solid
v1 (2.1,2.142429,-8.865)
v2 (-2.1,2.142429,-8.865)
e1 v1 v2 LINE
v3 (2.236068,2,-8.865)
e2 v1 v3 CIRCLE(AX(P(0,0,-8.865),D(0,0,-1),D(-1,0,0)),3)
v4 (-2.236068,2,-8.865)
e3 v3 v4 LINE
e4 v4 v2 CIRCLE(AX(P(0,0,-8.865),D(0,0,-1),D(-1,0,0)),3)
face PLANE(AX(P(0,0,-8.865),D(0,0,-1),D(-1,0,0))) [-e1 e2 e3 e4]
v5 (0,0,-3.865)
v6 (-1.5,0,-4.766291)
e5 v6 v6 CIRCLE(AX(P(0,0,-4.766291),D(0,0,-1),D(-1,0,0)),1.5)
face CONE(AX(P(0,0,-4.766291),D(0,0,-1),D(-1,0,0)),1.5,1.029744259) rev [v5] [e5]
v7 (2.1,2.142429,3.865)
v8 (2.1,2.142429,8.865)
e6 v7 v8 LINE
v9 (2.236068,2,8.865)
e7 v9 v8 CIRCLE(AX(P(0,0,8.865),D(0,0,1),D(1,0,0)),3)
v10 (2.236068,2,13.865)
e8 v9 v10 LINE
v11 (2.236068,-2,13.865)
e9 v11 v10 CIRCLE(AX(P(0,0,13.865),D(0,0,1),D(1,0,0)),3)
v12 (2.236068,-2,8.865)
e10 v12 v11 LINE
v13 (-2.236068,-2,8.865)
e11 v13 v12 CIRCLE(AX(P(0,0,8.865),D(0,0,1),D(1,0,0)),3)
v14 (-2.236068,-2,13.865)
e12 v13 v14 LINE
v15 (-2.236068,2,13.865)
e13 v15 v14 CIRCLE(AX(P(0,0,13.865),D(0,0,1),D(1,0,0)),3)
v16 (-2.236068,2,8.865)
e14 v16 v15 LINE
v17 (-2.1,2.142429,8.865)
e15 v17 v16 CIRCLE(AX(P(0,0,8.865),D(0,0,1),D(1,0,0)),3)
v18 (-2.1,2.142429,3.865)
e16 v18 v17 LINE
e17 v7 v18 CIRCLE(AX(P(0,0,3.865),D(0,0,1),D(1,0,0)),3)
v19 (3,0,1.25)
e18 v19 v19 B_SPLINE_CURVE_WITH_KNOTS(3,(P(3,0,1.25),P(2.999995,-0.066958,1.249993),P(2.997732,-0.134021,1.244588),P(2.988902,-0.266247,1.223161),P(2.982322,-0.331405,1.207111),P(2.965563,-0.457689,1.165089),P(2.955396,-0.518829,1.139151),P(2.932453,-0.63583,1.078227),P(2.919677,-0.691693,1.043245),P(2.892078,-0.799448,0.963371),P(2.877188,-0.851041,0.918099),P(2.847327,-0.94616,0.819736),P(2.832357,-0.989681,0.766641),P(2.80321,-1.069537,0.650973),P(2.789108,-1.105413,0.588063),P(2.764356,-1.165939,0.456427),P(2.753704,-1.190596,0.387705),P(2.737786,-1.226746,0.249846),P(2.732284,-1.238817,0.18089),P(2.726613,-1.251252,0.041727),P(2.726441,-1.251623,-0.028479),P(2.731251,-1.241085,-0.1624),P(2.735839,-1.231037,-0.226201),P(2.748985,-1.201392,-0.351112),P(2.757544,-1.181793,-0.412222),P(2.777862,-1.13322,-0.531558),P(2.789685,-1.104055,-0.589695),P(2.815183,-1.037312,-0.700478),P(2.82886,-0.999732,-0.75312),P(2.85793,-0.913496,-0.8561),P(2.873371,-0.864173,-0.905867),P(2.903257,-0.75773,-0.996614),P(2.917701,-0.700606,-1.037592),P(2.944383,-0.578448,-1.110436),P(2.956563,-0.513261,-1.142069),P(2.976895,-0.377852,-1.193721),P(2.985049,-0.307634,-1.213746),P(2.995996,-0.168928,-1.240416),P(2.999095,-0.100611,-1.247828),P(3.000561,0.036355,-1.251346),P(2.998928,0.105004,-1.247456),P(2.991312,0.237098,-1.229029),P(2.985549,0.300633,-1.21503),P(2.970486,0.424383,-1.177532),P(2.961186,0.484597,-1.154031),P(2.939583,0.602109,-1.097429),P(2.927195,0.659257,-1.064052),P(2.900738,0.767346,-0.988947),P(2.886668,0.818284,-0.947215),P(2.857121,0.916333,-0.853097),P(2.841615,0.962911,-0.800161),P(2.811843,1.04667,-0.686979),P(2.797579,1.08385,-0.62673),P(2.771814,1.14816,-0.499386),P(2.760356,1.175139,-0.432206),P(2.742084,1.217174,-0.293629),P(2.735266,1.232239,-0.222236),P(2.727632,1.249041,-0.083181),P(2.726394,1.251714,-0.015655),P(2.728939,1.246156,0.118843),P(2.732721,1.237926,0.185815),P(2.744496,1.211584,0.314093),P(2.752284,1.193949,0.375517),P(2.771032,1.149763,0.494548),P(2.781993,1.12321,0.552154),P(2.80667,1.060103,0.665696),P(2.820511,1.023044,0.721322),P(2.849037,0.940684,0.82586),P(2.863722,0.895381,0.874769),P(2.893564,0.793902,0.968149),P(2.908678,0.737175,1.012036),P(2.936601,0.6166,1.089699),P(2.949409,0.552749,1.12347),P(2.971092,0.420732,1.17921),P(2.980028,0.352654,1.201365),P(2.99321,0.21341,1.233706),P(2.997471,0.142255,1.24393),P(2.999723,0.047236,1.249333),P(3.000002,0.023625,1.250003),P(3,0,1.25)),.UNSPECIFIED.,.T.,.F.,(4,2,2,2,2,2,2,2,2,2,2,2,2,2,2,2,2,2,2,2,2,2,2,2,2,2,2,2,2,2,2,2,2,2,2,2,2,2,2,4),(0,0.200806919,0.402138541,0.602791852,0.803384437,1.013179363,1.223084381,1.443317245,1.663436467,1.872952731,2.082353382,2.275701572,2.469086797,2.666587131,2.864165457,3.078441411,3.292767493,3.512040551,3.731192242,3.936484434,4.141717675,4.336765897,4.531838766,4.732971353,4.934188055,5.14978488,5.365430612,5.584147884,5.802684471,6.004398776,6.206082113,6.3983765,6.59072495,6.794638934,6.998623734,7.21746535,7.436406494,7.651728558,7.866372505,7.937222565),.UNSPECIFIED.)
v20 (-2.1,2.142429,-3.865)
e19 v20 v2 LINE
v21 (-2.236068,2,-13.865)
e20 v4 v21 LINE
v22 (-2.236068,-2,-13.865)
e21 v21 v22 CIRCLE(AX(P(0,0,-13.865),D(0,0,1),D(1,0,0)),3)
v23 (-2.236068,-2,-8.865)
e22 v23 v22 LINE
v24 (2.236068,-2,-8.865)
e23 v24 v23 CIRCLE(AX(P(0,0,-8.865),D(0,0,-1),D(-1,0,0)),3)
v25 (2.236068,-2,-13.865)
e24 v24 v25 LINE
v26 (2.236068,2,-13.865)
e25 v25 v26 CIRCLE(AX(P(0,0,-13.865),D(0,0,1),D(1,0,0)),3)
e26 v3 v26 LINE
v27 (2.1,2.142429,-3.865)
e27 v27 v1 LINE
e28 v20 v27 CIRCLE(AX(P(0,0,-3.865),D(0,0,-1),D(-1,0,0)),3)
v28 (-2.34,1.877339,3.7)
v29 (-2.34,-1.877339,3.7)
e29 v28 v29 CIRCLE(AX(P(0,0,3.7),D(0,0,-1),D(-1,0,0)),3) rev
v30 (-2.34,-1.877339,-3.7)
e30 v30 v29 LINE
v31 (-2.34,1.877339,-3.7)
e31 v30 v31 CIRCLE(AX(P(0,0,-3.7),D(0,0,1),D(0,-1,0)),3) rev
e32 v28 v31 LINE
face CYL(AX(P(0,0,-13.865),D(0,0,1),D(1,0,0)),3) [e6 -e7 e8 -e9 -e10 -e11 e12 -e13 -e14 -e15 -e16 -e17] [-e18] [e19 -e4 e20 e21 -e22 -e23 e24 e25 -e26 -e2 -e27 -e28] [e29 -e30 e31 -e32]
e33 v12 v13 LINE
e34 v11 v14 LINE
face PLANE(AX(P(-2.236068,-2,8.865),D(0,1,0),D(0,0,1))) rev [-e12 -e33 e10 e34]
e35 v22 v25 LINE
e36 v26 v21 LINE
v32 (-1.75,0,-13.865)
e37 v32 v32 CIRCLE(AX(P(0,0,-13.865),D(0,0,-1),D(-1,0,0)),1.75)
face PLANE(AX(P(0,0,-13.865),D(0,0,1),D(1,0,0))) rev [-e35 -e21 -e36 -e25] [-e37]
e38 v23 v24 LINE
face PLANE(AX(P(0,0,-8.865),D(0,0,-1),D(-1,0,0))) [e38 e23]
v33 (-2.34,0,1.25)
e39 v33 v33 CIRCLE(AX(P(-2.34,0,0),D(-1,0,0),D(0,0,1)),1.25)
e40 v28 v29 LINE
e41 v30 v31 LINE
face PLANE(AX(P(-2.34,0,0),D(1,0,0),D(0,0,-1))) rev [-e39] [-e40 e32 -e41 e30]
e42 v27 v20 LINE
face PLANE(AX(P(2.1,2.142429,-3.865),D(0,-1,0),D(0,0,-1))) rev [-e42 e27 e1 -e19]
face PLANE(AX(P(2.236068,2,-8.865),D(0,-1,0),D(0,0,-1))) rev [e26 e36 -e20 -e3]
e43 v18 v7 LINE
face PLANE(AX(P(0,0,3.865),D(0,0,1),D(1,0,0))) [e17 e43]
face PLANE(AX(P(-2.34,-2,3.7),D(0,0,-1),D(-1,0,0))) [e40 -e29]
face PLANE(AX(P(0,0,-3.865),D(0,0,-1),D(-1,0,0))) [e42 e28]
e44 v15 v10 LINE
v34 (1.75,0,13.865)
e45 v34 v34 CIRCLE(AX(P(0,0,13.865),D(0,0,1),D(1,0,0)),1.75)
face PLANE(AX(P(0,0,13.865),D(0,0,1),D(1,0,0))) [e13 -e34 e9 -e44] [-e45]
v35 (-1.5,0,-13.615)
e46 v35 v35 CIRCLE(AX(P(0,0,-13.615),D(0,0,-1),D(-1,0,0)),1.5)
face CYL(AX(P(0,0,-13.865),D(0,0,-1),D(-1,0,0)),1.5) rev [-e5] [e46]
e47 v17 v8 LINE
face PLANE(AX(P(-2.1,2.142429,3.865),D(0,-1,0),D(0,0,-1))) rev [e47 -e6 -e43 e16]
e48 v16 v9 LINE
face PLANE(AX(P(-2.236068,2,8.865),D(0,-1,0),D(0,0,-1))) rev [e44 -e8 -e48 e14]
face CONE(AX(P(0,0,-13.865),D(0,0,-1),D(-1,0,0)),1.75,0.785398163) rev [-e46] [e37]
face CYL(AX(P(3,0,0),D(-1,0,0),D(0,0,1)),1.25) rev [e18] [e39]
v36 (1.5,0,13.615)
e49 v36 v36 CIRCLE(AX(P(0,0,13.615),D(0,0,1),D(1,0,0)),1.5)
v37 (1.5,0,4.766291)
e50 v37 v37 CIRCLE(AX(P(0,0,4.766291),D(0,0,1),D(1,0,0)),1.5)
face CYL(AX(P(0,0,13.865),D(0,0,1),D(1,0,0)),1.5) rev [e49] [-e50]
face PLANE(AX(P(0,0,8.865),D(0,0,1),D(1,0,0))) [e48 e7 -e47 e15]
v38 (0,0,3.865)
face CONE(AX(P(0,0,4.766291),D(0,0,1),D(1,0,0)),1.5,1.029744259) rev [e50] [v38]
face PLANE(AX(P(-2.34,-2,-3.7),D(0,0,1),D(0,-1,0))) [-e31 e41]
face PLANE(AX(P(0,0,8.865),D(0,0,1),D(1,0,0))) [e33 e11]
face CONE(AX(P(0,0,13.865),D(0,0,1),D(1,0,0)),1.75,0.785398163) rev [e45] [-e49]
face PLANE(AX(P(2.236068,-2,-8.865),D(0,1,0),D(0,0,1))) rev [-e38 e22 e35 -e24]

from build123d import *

# Parameters (mm, degrees)
BOSS_EXTRUDE1_DEPTH                                 = 13.865
BOSS_EXTRUDE1_DEPTH_BACK                            = 13.865
SKETCH1_R                                           = 3
CUT_EXTRUDE1_DEPTH                                  = 5
CUT_EXTRUDE2_DEPTH                                  = 5
CUT_EXTRUDE5_DEPTH                                  = 5
CUT_EXTRUDE6_START                                  = -5
CUT_EXTRUDE6_DEPTH                                  = 5
CSK_FOR_M3_COUNTERSUNK_FLAT_HEAD_SCREW1_D           = 3
CSK_FOR_M3_COUNTERSUNK_FLAT_HEAD_SCREW1_DEPTH       = 9.098709071
CSK_FOR_M3_COUNTERSUNK_FLAT_HEAD_SCREW1_CSINK_D     = 3.5
CSK_FOR_M3_COUNTERSUNK_FLAT_HEAD_SCREW1_CSINK_ANGLE = 90
CSK_FOR_M3_COUNTERSUNK_FLAT_HEAD_SCREW1_TIP         = 0.901290929
CSK_FOR_M3_COUNTERSUNK_FLAT_HEAD_SCREW2_D           = 3
CSK_FOR_M3_COUNTERSUNK_FLAT_HEAD_SCREW2_DEPTH       = 9.098709071
CSK_FOR_M3_COUNTERSUNK_FLAT_HEAD_SCREW2_CSINK_D     = 3.5
CSK_FOR_M3_COUNTERSUNK_FLAT_HEAD_SCREW2_CSINK_ANGLE = 90
CSK_FOR_M3_COUNTERSUNK_FLAT_HEAD_SCREW2_TIP         = 0.901290929
SKETCH14_W                                          = 7.4
SKETCH14_H                                          = 4
CUT_EXTRUDE9_DEPTH                                  = 3
SKETCH15_R                                          = 1.25
CUT_EXTRUDE10_DEPTH                                 = 16.157632566


with BuildPart() as part:
    # Sketch1 → Boss-Extrude1 (new, two sides: drawn at the far end of the back side and taken through both)
    with BuildSketch(Plane.XY.offset(-BOSS_EXTRUDE1_DEPTH_BACK)):
        Circle(SKETCH1_R)
    extrude(amount=BOSS_EXTRUDE1_DEPTH + BOSS_EXTRUDE1_DEPTH_BACK)

    # Sketch2 → Cut-Extrude1 (cut)
    with BuildSketch(Plane.XY.offset(13.865)):
        with BuildLine():
            Line((-2.236067977, 2), (2.236067977, 2))
            ThreePointArc((2.236067977, 2), (0, 3), (-2.236067977, 2))
        make_face()
        with BuildLine():
            Line((-2.236067977, -2), (2.236067977, -2))
            ThreePointArc((2.236067977, -2), (0, -3), (-2.236067977, -2))
        make_face()
    extrude(amount=-CUT_EXTRUDE1_DEPTH, mode=Mode.SUBTRACT)

    # Sketch3 → Cut-Extrude2 (cut)
    with BuildSketch(Plane(origin=(0, 0, -13.865), x_dir=(-1, 0, 0), z_dir=(0, 0, -1))):
        with BuildLine():
            Line((-2.236067977, 2), (2.236067977, 2))
            ThreePointArc((2.236067977, 2), (0, 3), (-2.236067977, 2))
        make_face()
        with BuildLine():
            Line((-2.236067977, -2), (2.236067977, -2))
            ThreePointArc((2.236067977, -2), (0, -3), (-2.236067977, -2))
        make_face()
    extrude(amount=-CUT_EXTRUDE2_DEPTH, mode=Mode.SUBTRACT)

    # Sketch4 → Cut-Extrude5 (cut)
    with BuildSketch(Plane(origin=(0, 0, -8.865), x_dir=(-1, 0, 0), z_dir=(0, 0, -1))):
        with BuildLine():
            Line((-2.1, 2.142428529), (2.1, 2.142428529))
            ThreePointArc((2.1, 2.142428529), (0, 3), (-2.1, 2.142428529))
        make_face()
    extrude(amount=-CUT_EXTRUDE5_DEPTH, mode=Mode.SUBTRACT)

    # Sketch5 → Cut-Extrude6 (cut)
    with BuildSketch(Plane.XY.offset(8.865).offset(CUT_EXTRUDE6_START)):
        with BuildLine():
            Line((-2.1, 2.142428529), (2.1, 2.142428529))
            ThreePointArc((2.1, 2.142428529), (0, 3), (-2.1, 2.142428529))
        make_face()
    extrude(amount=CUT_EXTRUDE6_DEPTH, mode=Mode.SUBTRACT)

    # CSK for M3 Countersunk Flat Head Screw1
    with Locations(Plane(origin=(0, 0, -13.865), x_dir=(-1, 0, 0), z_dir=(0, 0, -1))):
        with Locations((0, 0)):
            CounterSinkHole(CSK_FOR_M3_COUNTERSUNK_FLAT_HEAD_SCREW1_D / 2, CSK_FOR_M3_COUNTERSUNK_FLAT_HEAD_SCREW1_CSINK_D / 2, depth=CSK_FOR_M3_COUNTERSUNK_FLAT_HEAD_SCREW1_DEPTH, counter_sink_angle=CSK_FOR_M3_COUNTERSUNK_FLAT_HEAD_SCREW1_CSINK_ANGLE)
            with Locations((0, 0, -(CSK_FOR_M3_COUNTERSUNK_FLAT_HEAD_SCREW1_DEPTH + CSK_FOR_M3_COUNTERSUNK_FLAT_HEAD_SCREW1_TIP / 2))):  # 118° drill point
                Cone(0, CSK_FOR_M3_COUNTERSUNK_FLAT_HEAD_SCREW1_D / 2, CSK_FOR_M3_COUNTERSUNK_FLAT_HEAD_SCREW1_TIP, mode=Mode.SUBTRACT)

    # CSK for M3 Countersunk Flat Head Screw2
    with Locations(Plane.XY.offset(13.865)):
        with Locations((0, 0)):
            CounterSinkHole(CSK_FOR_M3_COUNTERSUNK_FLAT_HEAD_SCREW2_D / 2, CSK_FOR_M3_COUNTERSUNK_FLAT_HEAD_SCREW2_CSINK_D / 2, depth=CSK_FOR_M3_COUNTERSUNK_FLAT_HEAD_SCREW2_DEPTH, counter_sink_angle=CSK_FOR_M3_COUNTERSUNK_FLAT_HEAD_SCREW2_CSINK_ANGLE)
            with Locations((0, 0, -(CSK_FOR_M3_COUNTERSUNK_FLAT_HEAD_SCREW2_DEPTH + CSK_FOR_M3_COUNTERSUNK_FLAT_HEAD_SCREW2_TIP / 2))):  # 118° drill point
                Cone(0, CSK_FOR_M3_COUNTERSUNK_FLAT_HEAD_SCREW2_D / 2, CSK_FOR_M3_COUNTERSUNK_FLAT_HEAD_SCREW2_TIP, mode=Mode.SUBTRACT)

    # Sketch14 → Cut-Extrude9 (cut)
    with BuildSketch(Plane(origin=(-5.34, 0, 0), x_dir=(0, 0, -1), z_dir=(1, 0, 0))):
        Rectangle(SKETCH14_W, SKETCH14_H)
    extrude(amount=CUT_EXTRUDE9_DEPTH, mode=Mode.SUBTRACT)

    # Sketch15 → Cut-Extrude10 (cut, through all)
    with BuildSketch(Plane.ZY.offset(2.34)):
        Circle(SKETCH15_R)
    extrude(amount=-CUT_EXTRUDE10_DEPTH, mode=Mode.SUBTRACT)


solid = part.part
